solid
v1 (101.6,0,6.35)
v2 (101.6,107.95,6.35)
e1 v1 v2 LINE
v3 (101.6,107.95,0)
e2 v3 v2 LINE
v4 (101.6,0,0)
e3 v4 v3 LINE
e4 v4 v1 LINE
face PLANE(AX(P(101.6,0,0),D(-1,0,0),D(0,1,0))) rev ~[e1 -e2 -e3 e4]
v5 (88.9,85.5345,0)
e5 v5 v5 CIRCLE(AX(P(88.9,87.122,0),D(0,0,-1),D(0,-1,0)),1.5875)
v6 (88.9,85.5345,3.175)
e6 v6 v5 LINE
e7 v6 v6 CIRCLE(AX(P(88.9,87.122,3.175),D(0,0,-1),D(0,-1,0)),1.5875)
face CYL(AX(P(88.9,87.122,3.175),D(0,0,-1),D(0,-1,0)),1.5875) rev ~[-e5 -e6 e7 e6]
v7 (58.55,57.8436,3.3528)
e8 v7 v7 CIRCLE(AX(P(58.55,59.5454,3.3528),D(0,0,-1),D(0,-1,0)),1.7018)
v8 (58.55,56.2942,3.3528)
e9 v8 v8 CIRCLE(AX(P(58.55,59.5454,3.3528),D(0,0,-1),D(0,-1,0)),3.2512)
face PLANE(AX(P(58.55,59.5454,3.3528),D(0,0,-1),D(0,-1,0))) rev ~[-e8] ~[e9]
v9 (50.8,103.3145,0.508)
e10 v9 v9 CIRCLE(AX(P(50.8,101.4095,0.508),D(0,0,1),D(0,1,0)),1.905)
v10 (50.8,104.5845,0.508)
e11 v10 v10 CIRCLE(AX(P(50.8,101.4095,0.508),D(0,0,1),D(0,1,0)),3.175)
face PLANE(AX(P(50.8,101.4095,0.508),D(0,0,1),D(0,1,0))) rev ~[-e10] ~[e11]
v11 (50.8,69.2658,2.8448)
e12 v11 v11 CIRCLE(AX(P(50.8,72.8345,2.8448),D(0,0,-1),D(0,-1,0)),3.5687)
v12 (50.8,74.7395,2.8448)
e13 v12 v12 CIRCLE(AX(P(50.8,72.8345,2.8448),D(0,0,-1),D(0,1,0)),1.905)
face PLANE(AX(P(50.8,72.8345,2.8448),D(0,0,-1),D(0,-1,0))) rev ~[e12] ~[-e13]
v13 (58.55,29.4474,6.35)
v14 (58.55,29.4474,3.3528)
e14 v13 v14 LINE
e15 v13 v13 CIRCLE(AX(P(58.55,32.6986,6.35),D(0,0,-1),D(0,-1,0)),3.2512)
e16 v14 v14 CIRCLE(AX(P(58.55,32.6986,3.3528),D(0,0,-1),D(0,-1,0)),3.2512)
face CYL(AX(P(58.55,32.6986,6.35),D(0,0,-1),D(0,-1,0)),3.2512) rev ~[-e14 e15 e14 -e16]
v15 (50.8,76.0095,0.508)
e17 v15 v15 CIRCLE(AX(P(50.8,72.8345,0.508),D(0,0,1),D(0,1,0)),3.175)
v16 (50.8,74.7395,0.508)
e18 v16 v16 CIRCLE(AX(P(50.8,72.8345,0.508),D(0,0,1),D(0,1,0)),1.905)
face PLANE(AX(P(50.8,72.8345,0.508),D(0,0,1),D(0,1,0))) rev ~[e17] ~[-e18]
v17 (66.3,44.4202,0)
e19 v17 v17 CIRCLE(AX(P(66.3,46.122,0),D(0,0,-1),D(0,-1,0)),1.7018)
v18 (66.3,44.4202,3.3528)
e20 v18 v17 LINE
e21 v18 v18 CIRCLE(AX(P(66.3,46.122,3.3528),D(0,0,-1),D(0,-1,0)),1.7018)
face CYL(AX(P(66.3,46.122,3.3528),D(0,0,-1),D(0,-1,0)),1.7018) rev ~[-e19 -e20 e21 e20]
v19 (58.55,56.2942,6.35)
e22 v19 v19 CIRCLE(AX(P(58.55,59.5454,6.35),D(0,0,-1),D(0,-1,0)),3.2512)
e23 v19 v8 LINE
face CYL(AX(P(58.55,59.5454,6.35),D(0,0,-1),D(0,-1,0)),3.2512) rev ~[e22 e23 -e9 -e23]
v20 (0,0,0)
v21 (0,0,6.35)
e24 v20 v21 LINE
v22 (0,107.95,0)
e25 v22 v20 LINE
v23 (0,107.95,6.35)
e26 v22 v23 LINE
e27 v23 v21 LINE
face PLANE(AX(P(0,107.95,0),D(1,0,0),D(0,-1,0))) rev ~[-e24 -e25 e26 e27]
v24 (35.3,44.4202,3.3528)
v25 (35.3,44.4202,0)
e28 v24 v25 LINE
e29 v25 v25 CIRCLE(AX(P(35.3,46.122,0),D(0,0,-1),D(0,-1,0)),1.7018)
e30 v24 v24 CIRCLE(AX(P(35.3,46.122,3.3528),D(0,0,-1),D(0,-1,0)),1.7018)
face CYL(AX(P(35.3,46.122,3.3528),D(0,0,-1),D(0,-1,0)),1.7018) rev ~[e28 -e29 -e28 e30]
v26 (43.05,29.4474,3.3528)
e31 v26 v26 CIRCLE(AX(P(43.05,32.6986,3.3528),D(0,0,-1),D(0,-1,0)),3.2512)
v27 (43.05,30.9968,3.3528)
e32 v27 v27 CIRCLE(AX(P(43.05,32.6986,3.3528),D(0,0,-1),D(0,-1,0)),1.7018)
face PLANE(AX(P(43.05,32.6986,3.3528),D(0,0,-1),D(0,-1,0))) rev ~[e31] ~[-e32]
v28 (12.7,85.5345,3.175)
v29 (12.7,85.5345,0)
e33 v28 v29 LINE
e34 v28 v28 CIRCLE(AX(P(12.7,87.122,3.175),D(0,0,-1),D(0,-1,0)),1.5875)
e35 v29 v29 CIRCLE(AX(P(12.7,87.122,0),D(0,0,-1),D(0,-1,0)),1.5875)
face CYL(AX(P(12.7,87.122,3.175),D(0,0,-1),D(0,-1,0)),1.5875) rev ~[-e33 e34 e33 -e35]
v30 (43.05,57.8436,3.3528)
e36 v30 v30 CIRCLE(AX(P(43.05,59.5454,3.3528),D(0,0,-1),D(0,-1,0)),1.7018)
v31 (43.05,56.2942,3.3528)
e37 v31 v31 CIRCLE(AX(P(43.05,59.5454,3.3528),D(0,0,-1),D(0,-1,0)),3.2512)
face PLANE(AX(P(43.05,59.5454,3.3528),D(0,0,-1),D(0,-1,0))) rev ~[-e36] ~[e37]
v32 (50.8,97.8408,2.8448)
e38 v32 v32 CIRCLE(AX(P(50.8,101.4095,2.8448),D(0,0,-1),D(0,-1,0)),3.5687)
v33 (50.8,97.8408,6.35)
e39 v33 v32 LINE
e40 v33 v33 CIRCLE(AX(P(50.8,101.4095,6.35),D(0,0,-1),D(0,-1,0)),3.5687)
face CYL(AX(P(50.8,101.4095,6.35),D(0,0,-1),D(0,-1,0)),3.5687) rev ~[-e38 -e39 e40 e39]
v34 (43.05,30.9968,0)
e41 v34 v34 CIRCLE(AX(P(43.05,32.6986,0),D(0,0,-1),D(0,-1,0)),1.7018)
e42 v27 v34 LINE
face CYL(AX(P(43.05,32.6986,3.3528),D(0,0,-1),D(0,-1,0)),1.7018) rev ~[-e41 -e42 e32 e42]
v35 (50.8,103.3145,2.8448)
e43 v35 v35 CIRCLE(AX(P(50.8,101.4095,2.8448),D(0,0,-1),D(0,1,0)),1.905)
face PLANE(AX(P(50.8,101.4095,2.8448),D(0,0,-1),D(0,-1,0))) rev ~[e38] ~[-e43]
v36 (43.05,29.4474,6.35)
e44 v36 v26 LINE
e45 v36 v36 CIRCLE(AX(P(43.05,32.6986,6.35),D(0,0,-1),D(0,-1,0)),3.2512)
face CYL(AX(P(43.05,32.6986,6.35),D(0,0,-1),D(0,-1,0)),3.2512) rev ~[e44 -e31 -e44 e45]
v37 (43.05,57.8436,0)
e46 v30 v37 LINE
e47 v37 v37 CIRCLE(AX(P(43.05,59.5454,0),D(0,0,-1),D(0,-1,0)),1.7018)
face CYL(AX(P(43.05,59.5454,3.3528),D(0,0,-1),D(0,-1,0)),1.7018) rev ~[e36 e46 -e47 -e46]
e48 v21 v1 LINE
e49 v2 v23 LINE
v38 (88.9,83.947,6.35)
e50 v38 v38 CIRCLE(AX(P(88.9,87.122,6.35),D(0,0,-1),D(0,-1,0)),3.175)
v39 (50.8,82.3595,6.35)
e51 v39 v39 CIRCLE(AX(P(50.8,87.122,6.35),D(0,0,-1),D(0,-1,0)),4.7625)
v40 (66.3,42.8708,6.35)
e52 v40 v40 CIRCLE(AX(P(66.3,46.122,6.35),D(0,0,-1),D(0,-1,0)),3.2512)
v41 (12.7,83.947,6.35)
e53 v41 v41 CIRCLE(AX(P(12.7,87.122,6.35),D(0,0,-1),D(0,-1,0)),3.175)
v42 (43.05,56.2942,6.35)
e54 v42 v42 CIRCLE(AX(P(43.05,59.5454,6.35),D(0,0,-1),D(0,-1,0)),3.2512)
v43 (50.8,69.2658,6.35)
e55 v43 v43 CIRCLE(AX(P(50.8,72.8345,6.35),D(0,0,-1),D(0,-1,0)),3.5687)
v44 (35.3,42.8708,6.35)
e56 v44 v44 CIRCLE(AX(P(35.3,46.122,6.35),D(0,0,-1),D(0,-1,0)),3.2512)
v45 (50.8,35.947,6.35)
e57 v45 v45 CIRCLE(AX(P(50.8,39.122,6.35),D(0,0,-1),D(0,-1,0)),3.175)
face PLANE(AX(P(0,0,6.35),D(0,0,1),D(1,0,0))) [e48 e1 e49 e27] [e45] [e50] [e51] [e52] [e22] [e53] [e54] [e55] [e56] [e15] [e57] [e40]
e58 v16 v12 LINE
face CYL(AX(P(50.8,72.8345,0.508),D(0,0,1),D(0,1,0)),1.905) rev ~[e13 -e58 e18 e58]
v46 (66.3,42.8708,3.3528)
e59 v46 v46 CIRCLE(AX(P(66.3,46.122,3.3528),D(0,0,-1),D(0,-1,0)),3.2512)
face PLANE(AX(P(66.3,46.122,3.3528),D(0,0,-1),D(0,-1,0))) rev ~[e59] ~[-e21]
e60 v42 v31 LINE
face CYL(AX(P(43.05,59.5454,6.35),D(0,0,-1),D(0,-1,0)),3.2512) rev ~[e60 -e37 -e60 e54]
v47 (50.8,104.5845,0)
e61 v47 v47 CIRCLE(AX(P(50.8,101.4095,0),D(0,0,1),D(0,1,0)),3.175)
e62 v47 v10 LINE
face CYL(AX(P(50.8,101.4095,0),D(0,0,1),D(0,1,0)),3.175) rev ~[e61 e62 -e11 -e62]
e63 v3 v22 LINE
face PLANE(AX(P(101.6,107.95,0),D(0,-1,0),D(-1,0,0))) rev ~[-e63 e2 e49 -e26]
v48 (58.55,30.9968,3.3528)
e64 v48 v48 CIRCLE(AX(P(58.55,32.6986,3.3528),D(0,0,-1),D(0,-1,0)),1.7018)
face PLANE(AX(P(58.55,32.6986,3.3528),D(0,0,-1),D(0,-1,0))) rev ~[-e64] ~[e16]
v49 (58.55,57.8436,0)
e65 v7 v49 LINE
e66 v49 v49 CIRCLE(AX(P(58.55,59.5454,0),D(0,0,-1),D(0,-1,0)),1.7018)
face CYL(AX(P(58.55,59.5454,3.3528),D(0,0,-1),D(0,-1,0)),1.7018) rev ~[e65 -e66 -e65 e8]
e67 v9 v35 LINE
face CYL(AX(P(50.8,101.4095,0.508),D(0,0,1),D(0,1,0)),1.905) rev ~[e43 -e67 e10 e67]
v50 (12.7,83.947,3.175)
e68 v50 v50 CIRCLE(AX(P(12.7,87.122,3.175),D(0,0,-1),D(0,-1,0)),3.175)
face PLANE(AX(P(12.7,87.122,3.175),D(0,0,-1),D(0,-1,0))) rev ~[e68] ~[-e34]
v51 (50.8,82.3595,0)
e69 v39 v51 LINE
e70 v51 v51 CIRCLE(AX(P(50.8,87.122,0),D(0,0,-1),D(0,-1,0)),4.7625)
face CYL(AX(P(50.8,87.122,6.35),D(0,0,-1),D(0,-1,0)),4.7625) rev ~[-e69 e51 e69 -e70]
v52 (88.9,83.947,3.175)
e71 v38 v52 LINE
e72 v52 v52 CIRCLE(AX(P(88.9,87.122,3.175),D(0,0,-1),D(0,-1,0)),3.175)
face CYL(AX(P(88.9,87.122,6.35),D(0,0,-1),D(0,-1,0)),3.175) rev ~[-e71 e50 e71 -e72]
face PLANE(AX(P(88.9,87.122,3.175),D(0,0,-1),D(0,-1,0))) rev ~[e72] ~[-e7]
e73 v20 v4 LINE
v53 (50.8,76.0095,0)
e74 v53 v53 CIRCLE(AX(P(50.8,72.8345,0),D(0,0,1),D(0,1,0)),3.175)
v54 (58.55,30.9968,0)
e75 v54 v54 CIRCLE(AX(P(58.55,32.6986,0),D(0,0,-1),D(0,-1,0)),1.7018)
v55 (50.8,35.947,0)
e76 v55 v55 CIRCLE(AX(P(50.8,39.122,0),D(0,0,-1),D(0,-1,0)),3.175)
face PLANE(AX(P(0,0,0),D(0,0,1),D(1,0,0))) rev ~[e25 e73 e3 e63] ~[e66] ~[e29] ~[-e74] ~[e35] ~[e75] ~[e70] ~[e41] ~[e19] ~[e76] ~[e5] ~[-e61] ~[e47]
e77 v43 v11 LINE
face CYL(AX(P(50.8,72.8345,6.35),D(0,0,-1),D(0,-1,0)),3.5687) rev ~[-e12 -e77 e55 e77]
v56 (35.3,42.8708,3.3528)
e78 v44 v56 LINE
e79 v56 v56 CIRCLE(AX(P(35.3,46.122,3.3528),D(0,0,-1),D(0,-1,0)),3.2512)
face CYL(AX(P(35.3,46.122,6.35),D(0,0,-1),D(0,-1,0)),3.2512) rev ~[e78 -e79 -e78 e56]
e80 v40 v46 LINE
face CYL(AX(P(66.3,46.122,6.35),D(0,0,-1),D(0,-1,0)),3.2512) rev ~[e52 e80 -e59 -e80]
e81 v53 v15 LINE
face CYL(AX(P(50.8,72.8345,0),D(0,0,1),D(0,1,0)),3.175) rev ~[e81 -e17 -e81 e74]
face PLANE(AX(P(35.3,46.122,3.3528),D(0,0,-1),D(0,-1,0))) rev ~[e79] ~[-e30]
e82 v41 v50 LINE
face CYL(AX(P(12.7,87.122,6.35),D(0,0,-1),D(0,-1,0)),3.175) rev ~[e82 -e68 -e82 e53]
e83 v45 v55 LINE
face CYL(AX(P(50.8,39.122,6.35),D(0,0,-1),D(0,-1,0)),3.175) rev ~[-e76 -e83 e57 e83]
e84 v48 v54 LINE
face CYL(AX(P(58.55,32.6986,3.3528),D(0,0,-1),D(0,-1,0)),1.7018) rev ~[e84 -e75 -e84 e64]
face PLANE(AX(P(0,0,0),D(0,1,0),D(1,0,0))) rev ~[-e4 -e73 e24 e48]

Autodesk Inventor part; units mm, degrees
ref_plane "YZ Plane" through (0, 0, 0) normal (1, 0, 0) x (0, 1, 0)
ref_plane "XZ Plane" through (0, 0, 0) normal (0, 1, 0) x (-1, 0, 0)
ref_plane "XY Plane" through (0, 0, 0) normal (0, 0, 1) x (1, 0, 0)
sketch "Sketch1" plane through (0, 0, 0) normal (0, 0, 1) x (1, 0, 0)
  line L0 (0, 0) -> (101.6, 0)
  line L1 (101.6, 0) -> (101.6, 107.95)
  line L2 (101.6, 107.95) -> (0, 107.95)
  line L3 (0, 107.95) -> (0, 0)
  dimension "d0" = 101.6
  dimension "d1" = 107.95
extrude "Extrusion1" add sketch "Sketch1" along normal blind 6.35
sketch "Sketch2" plane through (0, 0, 6.35) normal (0, 0, 1) x (1, 0, 0)
  line L0 (101.6, 107.95) -> (0, 107.95) projected
  line L1 (101.6, 0) -> (101.6, 107.95) projected
  line L2 (0, 0) -> (101.6, 0) projected
  point P0 (50.8, 87.122)
  point P1 (50.8, 107.95)
  point P2 (101.6, 53.975)
  dimension "d31" = 20.828
hole "Hole1" at (50.8, 87.122, 6.35) direction (0, 0, -1) diameter 9.525 depth 19.05 tip angle 118
sketch "Sketch3" plane through (0, 0, 6.35) normal (0, 0, 1) x (1, 0, 0)
  line L0 (101.6, 107.95) -> (0, 107.95) projected
  line L1 (0, 107.95) -> (0, 0) projected
  circle A0 centre (50.8, 87.122) radius 4.7625 projected
  point P0 (12.7, 87.122)
  point P1 (88.9, 87.122)
  dimension "d12" = 12.7
  dimension "d15" = 76.2
hole "Hole2" at (12.7, 87.122, 6.35) at (88.9, 87.122, 6.35) direction (0, 0, -1) diameter 3.175 depth 19.05 tip angle 118 counterbore diameter 6.35 counterbore depth 3.175
sketch "Sketch4" plane through (0, 0, 6.35) normal (0, 0, 1) x (1, 0, 0)
  circle A0 centre (50.8, 87.122) radius 4.7625 projected
  point P0 (0, 0)
  point P1 (50.8, 39.122)
  dimension "d39" = 48
hole "Hole3" at (50.8, 39.122, 6.35) direction (0, 0, -1) diameter 6.35 depth 19.05 tip angle 118
sketch "Sketch6" plane through (0, 0, 0) normal (0, 0, -1) x (-1, 0, 0)
  circle A0 centre (-50.8, 87.122) radius 4.7625 projected
  point P0 (0, 0)
  point P1 (-50.8, 101.4095)
  point P2 (-50.8, 72.8345)
  dimension "d52" = 28.575
  dimension "d53" = 14.2875
hole "Hole5" at (50.8, 101.4095, 0) at (50.8, 72.8345, 0) direction (0, 0, 1) diameter 3.81 depth 19.05 tip angle 118 counterbore diameter 6.35 counterbore depth 0.508 clearance for "Socket Head Cap Screw" size "#6" standard "Ansi Unified Screw Threads"
sketch "Sketch7" plane through (0, 0, 6.35) normal (0, 0, 1) x (1, 0, 0)
  circle A0 centre (50.8, 101.4095) radius 1.905 projected
  circle A1 centre (50.8, 72.8345) radius 1.905 projected
  point P0 (0, 0)
hole "Hole6" at (50.8, 101.4095, 6.35) at (50.8, 72.8345, 6.35) direction (0, 0, -1) diameter 3.81 depth 19.05 tip angle 118 counterbore diameter 7.1374 counterbore depth 3.5052 clearance for "Socket Head Cap Screw" size "#6" standard "Ansi Unified Screw Threads"
sketch "Sketch8" plane through (0, 0, 6.35) normal (0, 0, 1) x (1, 0, 0)
  circle A0 centre (50.8, 46.122) radius 15.5
  circle A1 centre (50.8, 39.122) radius 3.175 projected
  point P0 (0, 0)
  point P1 (66.3, 46.122)
  point P2 (58.55, 59.5454)
  point P3 (43.05, 59.5454)
  point P4 (35.3, 46.122)
  point P5 (43.05, 32.6986)
  point P6 (58.55, 32.6986)
  dimension "d68" = 31
  dimension "d69" = 7
  dimension "d79" = 360
hole "Hole8" at (66.3, 46.122, 6.35) at (58.55, 59.5454, 6.35) at (43.05, 59.5454, 6.35) at (35.3, 46.122, 6.35) at (43.05, 32.6986, 6.35) at (58.55, 32.6986, 6.35) direction (0, 0, -1) diameter 3.4036 depth 12.2936 tip angle 118 counterbore diameter 6.5024 counterbore depth 2.9972 clearance for "Socket Head Cap Screw" size "M3" standard "Ansi Metric M Profile"
equation "\"d53\" = 0.5 * d52"
